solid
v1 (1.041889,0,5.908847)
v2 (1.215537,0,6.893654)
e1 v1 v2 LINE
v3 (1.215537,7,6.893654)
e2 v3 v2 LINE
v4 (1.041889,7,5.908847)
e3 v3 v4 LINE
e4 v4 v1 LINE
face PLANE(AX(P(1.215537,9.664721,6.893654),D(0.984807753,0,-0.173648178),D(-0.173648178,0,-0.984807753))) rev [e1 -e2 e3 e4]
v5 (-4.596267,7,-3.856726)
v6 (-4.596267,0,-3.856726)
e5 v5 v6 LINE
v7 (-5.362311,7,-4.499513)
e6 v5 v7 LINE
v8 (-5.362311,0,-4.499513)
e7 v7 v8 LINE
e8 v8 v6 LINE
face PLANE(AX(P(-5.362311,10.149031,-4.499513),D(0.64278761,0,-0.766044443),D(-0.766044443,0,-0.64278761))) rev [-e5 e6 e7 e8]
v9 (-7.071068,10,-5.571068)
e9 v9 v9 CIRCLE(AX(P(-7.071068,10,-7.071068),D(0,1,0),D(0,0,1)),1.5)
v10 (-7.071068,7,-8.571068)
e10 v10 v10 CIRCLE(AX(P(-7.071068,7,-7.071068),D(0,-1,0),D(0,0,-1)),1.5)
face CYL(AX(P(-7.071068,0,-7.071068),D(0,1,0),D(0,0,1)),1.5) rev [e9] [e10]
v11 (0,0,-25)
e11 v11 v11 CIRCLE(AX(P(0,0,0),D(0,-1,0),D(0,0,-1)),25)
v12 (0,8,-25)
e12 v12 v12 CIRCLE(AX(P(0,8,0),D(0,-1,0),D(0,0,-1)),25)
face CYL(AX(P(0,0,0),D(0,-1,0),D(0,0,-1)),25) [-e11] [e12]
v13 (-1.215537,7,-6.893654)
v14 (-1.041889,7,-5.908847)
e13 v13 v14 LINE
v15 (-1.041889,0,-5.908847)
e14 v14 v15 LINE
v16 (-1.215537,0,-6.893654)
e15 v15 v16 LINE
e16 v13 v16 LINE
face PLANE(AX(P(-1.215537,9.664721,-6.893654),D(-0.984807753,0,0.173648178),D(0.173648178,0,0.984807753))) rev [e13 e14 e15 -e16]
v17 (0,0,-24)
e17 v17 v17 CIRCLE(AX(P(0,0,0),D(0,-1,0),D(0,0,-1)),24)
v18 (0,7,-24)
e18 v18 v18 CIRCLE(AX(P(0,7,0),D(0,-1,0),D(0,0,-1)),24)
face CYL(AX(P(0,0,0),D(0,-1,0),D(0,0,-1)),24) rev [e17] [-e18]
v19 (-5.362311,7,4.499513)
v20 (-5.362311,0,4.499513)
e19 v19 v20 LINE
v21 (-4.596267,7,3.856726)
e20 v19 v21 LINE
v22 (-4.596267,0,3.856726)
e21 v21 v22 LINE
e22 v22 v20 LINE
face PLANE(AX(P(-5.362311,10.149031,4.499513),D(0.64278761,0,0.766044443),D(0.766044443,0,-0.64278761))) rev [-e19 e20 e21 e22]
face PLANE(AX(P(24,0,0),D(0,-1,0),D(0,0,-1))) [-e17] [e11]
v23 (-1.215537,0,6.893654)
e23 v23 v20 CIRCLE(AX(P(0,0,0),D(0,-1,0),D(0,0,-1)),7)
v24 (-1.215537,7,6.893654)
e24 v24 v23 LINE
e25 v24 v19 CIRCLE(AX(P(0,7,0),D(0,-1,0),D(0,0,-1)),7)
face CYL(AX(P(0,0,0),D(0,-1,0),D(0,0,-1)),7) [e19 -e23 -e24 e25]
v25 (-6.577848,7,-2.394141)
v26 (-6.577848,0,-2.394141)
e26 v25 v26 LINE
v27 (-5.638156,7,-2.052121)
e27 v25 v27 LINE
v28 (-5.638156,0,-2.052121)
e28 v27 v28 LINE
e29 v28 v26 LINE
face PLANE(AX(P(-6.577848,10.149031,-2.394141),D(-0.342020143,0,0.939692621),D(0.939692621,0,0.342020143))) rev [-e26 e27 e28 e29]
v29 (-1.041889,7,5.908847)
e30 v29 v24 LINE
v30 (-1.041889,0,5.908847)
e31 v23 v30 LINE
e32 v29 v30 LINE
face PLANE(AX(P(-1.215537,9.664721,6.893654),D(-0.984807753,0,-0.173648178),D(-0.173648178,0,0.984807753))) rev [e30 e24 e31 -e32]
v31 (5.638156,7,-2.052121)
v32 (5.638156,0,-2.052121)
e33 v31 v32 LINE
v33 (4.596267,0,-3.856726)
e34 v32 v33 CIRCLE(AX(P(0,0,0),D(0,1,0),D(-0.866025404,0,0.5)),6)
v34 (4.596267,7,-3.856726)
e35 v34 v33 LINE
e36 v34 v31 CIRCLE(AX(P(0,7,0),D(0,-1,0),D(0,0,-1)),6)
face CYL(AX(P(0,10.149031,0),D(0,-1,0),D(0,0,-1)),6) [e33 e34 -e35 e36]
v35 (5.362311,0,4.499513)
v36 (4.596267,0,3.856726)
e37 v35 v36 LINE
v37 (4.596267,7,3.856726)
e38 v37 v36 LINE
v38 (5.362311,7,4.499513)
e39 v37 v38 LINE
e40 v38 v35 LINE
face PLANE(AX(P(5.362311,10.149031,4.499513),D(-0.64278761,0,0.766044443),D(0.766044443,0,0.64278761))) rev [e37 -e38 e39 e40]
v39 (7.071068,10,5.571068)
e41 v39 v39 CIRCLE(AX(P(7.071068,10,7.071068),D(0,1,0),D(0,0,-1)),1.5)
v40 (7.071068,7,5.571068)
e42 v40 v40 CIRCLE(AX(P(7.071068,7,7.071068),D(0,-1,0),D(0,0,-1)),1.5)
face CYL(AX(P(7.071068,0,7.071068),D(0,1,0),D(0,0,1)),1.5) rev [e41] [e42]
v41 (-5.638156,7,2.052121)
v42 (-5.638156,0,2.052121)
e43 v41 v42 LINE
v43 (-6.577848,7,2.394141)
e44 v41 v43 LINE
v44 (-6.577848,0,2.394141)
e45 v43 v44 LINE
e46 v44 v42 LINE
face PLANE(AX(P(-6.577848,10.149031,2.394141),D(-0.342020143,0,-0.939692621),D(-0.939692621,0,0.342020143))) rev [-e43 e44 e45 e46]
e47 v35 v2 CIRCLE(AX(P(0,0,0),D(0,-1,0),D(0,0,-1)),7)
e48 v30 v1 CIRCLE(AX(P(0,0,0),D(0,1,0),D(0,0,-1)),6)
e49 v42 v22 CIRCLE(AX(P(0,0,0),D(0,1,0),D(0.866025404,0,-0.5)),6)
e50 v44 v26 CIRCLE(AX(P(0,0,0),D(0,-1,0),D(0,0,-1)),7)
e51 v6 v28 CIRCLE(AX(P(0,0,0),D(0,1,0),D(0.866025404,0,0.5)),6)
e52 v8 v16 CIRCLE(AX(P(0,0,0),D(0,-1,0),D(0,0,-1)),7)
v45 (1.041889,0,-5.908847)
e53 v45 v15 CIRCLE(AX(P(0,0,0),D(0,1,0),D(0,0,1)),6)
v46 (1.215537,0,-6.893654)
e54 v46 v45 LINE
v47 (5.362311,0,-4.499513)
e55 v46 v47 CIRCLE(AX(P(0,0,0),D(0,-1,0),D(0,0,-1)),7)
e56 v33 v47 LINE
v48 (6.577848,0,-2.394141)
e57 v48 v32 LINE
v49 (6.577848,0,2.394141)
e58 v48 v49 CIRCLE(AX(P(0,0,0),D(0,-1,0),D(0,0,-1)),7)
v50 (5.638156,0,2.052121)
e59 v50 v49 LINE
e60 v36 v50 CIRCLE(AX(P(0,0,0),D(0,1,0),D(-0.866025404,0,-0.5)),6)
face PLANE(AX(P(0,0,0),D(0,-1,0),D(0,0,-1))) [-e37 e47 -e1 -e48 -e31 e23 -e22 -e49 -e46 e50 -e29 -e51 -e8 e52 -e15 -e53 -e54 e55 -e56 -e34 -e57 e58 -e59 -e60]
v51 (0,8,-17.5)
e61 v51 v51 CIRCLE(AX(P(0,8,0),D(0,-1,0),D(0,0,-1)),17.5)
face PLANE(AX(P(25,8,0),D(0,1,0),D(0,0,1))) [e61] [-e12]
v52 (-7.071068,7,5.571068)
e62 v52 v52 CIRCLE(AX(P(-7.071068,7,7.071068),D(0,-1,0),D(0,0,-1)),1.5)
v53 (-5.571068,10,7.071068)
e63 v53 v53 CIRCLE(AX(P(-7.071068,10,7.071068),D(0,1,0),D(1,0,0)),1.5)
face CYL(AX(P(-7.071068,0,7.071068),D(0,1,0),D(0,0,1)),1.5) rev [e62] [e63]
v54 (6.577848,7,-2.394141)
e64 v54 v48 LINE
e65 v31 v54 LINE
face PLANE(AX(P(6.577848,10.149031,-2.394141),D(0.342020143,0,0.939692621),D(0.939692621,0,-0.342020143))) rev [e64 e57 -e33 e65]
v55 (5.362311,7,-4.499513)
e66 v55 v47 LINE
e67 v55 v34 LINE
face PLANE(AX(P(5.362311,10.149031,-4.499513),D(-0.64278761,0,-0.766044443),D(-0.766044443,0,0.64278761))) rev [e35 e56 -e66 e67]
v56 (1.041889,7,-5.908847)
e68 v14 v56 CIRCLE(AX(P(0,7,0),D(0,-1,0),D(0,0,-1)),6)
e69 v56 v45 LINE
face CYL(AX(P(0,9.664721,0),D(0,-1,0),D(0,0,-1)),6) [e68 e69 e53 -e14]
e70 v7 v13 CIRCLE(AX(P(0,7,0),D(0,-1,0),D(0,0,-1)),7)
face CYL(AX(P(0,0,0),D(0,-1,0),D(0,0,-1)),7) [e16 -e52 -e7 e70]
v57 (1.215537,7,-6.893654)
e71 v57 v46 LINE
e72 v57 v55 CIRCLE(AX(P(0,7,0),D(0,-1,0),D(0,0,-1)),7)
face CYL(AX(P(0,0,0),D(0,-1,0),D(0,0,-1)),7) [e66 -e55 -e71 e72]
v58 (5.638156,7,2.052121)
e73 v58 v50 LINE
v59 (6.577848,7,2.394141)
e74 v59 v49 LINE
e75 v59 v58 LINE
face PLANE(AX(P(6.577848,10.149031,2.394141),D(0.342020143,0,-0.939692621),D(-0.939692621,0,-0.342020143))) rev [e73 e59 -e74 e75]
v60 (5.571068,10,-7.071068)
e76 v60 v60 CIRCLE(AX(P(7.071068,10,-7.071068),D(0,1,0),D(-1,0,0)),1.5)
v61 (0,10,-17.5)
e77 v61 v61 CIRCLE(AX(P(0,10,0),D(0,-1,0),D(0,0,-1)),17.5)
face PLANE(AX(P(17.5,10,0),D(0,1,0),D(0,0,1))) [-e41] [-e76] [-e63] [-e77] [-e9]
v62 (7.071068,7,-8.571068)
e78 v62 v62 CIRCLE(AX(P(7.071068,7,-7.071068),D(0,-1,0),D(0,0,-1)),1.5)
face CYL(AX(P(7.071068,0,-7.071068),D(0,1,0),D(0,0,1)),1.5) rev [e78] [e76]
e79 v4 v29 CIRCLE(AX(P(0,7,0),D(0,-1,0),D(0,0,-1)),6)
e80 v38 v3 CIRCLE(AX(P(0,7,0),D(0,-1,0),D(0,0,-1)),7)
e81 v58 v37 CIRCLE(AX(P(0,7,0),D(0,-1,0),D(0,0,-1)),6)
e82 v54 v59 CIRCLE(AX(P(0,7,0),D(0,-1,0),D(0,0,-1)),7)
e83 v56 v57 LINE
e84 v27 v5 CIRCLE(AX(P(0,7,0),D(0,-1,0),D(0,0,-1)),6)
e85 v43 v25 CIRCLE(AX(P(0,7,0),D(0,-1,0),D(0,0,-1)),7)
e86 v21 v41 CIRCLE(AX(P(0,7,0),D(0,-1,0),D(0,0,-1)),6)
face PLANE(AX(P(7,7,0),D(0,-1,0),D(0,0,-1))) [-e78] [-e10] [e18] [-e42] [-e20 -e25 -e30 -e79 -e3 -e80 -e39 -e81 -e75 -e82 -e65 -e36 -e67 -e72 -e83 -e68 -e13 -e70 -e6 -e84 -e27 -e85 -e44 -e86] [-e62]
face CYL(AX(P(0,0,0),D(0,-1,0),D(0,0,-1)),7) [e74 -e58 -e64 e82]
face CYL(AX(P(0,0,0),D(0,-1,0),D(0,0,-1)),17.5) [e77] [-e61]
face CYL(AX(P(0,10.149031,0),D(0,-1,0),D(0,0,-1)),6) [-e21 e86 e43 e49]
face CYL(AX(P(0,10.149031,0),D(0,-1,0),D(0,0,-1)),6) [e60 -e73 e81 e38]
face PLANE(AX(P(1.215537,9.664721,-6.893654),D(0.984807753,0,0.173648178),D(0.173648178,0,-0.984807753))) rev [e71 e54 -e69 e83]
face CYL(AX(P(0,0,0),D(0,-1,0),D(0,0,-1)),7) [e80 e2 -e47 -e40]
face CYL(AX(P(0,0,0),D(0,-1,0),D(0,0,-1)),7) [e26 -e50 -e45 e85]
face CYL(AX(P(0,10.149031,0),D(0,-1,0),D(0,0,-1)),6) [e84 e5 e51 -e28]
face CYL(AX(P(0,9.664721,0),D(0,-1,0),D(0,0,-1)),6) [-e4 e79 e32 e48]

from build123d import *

# Parameters (mm, degrees)
SKETCH3_R          = 1.5
CUT_EXTRUDE1_DEPTH = 37.742346142
CIRPATTERN1_COUNT  = 4
CUT_EXTRUDE2_START = -7
CUT_EXTRUDE2_DEPTH = 7
CIRPATTERN2_COUNT  = 6


with BuildPart() as part:
    # Sketch2 → Revolve1 (revolve)
    with BuildSketch(Plane.XY, mode=Mode.PRIVATE) as revolve1_sk:
        Polygon((0, 0), (7, 0), (7, 7), (24, 7), (24, 0), (25, 0), (25, 8), (17.5, 8), (17.5, 10), (0, 10), align=None)
    revolve(revolve1_sk.sketch.rotate(Axis((0, 0, 0), (0, 1, 0)), 90), axis=Axis((0, 0, 0), (0, 1, 0)))

    # Sketch3 → Cut-Extrude1 (cut, through all)
    with BuildSketch(Plane(origin=(0, 10, 0), x_dir=(1, 0, 0), z_dir=(0, 1, 0))):
        with Locations(Location((-7.071067812, 7.071067812, 0), (0, 0, 270))):
            Circle(SKETCH3_R)
    cut_extrude1 = extrude(amount=-CUT_EXTRUDE1_DEPTH, mode=Mode.SUBTRACT)

    # CirPattern1: Cut-Extrude1 ×4 about axis
    cirpattern1_axis = Axis((0, 0, 0), (0, 1, 0))
    for i in range(1, CIRPATTERN1_COUNT):
        add(cut_extrude1.rotate(cirpattern1_axis, i * 360 / CIRPATTERN1_COUNT), mode=Mode.SUBTRACT)

    # Sketch4 → Cut-Extrude2 (cut)
    with BuildSketch(Plane.XZ.offset(CUT_EXTRUDE2_START)):
        with BuildLine():
            Line((-1.215537244, 6.893654271), (-1.041889066, 5.908846518))
            ThreePointArc((-1.041889066, 5.908846518), (0, 6), (1.041889066, 5.908846518))
            Line((1.041889066, 5.908846518), (1.215537244, 6.893654271))
            ThreePointArc((1.215537244, 6.893654271), (0, 7), (-1.215537244, 6.893654271))
        make_face()
    cut_extrude2 = extrude(amount=CUT_EXTRUDE2_DEPTH, mode=Mode.SUBTRACT)

    # CirPattern2: Cut-Extrude2 ×6 about axis
    cirpattern2_axis = Axis((0, 0, 0), (0, 1, 0))
    for i in range(1, CIRPATTERN2_COUNT):
        add(cut_extrude2.rotate(cirpattern2_axis, i * 360 / CIRPATTERN2_COUNT), mode=Mode.SUBTRACT)


solid = part.part
